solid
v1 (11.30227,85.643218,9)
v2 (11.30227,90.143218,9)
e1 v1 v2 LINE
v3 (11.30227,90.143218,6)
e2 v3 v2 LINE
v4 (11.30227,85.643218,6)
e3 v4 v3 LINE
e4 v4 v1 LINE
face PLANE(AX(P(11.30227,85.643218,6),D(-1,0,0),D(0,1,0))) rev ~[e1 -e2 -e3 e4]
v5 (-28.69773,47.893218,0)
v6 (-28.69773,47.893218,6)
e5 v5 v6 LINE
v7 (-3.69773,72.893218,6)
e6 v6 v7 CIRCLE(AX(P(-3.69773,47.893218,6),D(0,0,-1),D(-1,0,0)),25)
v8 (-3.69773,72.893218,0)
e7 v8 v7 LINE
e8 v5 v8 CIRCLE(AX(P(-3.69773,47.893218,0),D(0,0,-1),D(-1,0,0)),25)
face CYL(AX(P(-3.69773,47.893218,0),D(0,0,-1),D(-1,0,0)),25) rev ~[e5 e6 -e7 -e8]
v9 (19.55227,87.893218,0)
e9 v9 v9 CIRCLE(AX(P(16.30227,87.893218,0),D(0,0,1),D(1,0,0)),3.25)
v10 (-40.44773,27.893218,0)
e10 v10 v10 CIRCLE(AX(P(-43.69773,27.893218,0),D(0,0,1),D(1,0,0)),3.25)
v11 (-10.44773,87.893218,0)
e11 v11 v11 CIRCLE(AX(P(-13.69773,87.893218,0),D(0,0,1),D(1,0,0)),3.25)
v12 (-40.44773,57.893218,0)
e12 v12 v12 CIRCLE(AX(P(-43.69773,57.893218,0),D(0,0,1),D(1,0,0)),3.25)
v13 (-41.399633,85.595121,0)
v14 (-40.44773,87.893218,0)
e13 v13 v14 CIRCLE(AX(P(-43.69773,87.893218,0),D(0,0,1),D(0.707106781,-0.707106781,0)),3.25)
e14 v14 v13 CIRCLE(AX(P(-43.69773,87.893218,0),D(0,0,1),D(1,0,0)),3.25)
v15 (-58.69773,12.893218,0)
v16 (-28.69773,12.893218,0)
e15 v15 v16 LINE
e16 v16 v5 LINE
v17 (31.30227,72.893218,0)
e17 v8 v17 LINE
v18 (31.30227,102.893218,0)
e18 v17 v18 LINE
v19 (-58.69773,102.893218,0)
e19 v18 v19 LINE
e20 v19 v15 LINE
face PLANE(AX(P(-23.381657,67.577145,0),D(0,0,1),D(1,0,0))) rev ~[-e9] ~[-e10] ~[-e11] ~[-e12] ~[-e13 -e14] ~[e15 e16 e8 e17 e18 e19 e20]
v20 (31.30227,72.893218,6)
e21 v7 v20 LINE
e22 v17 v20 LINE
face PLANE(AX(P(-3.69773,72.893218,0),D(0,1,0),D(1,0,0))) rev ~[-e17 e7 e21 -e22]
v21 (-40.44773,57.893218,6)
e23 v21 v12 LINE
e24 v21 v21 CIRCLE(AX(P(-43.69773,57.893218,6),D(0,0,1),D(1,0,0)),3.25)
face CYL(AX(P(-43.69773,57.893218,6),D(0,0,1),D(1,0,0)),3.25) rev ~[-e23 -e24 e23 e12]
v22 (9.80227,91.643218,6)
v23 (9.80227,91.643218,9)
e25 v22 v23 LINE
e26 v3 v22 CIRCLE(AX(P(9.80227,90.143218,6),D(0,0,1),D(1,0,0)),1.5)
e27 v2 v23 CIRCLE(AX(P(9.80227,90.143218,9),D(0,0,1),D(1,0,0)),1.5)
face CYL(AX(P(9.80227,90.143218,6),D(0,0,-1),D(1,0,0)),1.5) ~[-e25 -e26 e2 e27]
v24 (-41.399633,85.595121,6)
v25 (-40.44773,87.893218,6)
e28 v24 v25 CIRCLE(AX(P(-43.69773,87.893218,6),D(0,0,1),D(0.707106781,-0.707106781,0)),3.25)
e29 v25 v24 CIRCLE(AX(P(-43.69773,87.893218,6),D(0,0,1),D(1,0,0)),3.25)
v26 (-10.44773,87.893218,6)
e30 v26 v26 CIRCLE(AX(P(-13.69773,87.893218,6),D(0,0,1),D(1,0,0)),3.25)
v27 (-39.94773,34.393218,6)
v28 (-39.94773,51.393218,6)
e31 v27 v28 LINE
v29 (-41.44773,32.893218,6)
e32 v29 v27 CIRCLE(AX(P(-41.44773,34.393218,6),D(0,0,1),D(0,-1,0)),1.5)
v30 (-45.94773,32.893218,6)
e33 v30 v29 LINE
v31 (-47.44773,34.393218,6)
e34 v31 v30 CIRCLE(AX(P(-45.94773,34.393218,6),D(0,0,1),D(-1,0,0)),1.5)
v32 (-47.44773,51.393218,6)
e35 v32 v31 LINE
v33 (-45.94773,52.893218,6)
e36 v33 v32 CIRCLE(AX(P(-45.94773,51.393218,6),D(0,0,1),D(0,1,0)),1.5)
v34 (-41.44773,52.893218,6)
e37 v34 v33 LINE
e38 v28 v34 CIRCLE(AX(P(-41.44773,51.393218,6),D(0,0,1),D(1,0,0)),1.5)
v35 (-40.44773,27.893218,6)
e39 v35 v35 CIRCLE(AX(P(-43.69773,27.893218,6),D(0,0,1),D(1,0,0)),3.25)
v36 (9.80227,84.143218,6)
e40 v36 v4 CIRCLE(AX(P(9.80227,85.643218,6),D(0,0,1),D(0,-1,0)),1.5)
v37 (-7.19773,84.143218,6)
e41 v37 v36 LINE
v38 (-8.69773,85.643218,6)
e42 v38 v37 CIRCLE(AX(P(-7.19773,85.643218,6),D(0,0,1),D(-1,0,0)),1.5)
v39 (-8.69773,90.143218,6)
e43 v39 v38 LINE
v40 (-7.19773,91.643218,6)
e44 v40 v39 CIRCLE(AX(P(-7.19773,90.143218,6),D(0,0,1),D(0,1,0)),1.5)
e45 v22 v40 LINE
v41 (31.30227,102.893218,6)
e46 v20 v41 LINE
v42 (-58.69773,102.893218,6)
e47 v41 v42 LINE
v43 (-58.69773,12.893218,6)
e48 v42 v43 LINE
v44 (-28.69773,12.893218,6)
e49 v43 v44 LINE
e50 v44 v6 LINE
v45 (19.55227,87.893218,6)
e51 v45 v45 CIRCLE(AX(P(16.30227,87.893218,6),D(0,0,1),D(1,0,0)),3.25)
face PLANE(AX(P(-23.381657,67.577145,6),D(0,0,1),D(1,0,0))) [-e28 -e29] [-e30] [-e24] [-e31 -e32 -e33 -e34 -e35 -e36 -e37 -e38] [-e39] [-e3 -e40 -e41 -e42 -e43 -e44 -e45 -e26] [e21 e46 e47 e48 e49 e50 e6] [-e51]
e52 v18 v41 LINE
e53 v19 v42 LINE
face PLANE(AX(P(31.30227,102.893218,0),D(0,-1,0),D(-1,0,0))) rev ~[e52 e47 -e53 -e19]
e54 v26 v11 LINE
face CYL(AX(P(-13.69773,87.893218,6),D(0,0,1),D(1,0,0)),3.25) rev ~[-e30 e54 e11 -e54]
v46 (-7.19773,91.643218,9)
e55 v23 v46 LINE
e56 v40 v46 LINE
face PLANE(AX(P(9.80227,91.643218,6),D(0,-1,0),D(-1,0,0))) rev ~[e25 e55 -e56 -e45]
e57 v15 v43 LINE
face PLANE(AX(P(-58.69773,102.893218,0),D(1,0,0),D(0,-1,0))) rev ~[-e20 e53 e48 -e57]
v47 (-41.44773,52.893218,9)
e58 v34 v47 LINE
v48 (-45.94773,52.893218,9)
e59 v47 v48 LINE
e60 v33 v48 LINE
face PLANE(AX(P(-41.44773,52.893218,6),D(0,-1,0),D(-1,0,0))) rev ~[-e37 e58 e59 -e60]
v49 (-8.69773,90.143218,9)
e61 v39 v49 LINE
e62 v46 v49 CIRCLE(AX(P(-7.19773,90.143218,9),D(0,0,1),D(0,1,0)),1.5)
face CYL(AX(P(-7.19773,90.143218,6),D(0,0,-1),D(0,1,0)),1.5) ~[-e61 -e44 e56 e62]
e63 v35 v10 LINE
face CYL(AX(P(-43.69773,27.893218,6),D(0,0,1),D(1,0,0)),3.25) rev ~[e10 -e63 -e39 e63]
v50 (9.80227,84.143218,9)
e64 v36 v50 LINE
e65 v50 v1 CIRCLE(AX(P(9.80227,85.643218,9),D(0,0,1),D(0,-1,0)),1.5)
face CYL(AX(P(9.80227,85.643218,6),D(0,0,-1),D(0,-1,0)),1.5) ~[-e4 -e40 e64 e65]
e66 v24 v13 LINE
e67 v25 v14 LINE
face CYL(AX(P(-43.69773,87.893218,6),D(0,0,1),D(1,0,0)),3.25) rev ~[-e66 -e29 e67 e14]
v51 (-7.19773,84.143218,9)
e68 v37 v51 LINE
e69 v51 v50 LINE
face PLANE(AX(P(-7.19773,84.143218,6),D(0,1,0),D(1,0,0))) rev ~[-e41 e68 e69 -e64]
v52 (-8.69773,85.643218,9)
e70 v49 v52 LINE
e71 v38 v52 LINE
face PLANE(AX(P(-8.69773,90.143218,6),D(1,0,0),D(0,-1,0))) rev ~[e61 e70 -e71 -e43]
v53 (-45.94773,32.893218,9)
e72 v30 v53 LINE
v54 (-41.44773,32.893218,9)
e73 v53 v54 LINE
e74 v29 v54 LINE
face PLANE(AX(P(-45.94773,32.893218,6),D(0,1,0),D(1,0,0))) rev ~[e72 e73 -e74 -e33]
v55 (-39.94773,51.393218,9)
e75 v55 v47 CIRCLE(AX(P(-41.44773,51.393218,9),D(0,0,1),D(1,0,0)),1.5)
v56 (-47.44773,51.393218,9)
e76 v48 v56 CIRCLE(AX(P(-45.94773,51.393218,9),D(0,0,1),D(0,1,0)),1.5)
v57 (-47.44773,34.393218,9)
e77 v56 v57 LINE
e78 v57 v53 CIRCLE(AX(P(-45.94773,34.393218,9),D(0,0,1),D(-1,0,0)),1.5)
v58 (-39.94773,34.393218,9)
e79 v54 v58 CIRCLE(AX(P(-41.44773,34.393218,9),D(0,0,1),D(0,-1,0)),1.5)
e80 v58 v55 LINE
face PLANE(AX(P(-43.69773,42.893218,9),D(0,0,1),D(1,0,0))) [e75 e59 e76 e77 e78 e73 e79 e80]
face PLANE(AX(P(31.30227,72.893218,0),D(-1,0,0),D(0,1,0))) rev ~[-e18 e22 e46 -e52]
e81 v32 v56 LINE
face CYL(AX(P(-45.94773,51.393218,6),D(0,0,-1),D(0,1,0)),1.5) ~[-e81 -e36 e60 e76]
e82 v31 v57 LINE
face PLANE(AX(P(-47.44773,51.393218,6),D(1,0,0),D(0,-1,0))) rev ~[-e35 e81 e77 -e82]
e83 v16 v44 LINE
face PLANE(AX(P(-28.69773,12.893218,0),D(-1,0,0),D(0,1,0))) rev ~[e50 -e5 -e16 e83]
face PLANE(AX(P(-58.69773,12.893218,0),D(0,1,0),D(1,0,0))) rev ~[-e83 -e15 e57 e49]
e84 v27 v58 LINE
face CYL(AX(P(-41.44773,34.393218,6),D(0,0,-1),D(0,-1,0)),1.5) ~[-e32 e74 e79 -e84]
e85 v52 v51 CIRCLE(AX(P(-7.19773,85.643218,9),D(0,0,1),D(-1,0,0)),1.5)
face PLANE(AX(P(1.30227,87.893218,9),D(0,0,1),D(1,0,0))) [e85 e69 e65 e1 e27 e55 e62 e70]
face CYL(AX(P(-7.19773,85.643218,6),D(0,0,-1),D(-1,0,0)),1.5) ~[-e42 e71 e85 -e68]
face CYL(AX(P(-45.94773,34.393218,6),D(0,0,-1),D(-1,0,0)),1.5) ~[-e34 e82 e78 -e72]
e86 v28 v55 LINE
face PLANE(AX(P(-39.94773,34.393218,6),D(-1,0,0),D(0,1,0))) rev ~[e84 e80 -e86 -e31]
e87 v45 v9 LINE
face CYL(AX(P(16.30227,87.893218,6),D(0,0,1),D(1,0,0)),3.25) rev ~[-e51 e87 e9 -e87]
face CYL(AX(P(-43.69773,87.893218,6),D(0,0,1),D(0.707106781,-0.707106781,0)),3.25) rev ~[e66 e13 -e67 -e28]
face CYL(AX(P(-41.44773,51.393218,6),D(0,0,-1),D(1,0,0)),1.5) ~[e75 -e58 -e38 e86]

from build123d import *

# Parameters (mm, degrees)
F1_DEPTH = 6
F2_R     = 3.25
F3_DEPTH = 8
F5_DEPTH = 3


with BuildPart() as f1:
    # F0 (on Top) → F1 (new body)
    with BuildSketch(Plane.XY):
        with BuildLine():
            Line((-28.6977304518, 102.8932180628), (-58.6977304518, 102.8932180628))
            Line((-58.6977304518, 102.8932180628), (-58.6977304518, 72.8932180628))
            Line((-58.6977304518, 72.8932180628), (-58.6977304518, 12.8932180628))
            Line((-58.6977304518, 12.8932180628), (-28.6977304518, 12.8932180628))
            Line((-28.6977304518, 12.8932180628), (-28.6977304518, 47.8932180628))
            ThreePointArc((-28.6977304518, 47.8932180628), (-21.3753999815, 65.5708875925), (-3.6977304518, 72.8932180628))
            Line((-3.6977304518, 72.8932180628), (31.3022695482, 72.8932180628))
            Line((31.3022695482, 72.8932180628), (31.3022695482, 102.8932180628))
            Line((31.3022695482, 102.8932180628), (-28.6977304518, 102.8932180628))
        make_face()
    extrude(amount=F1_DEPTH)

    # F2 (on face) → F3 (cut)
    with BuildSketch(Plane.XY.offset(6)):
        with Locations((-13.6977304518, 87.8932180628)):
            Circle(F2_R)
        with Locations((16.3022695482, 87.8932180628)):
            Circle(F2_R)
        with Locations((-43.6977304518, 57.8932180628)):
            Circle(F2_R)
        with Locations((-43.6977304518, 27.8932180628)):
            Circle(F2_R)
        with BuildLine():
            Line((-45.9958274907, 90.1913151017), (-41.399633413, 85.595121024))
            ThreePointArc((-41.399633413, 85.595121024), (-40.6951219712, 86.6494969076), (-40.4477304518, 87.8932180628))
            ThreePointArc((-40.4477304518, 87.8932180628), (-42.4540092966, 90.8958265435), (-45.9958274907, 90.1913151017))
        make_face()
        with BuildLine():
            ThreePointArc((-45.9958274907, 90.1913151017), (-45.9958274907, 85.595121024), (-41.399633413, 85.595121024))
            Line((-41.399633413, 85.595121024), (-45.9958274907, 90.1913151017))
        make_face()
    extrude(amount=-F3_DEPTH, mode=Mode.SUBTRACT)

    # F4 (on face) → F5 (join)
    with BuildSketch(Plane.XY.offset(6)):
        with BuildLine():
            Line((9.8022695482, 91.6432180628), (-7.1977304518, 91.6432180628))
            ThreePointArc((-7.1977304518, 91.6432180628), (-8.2583906236, 91.2038782346), (-8.6977304518, 90.1432180628))
            Line((-8.6977304518, 90.1432180628), (-8.6977304518, 85.6432180628))
            ThreePointArc((-8.6977304518, 85.6432180628), (-8.2583906236, 84.582557891), (-7.1977304518, 84.1432180628))
            Line((-7.1977304518, 84.1432180628), (9.8022695482, 84.1432180628))
            ThreePointArc((9.8022695482, 84.1432180628), (10.86292972, 84.582557891), (11.3022695482, 85.6432180628))
            Line((11.3022695482, 85.6432180628), (11.3022695482, 90.1432180628))
            ThreePointArc((11.3022695482, 90.1432180628), (10.86292972, 91.2038782346), (9.8022695482, 91.6432180628))
        make_face()
        with BuildLine():
            Line((-41.4477304518, 52.8932180628), (-45.9477304518, 52.8932180628))
            ThreePointArc((-45.9477304518, 52.8932180628), (-47.0083906236, 52.4538782346), (-47.4477304518, 51.3932180628))
            Line((-47.4477304518, 51.3932180628), (-47.4477304518, 34.3932180628))
            ThreePointArc((-47.4477304518, 34.3932180628), (-47.0083906236, 33.332557891), (-45.9477304518, 32.8932180628))
            Line((-45.9477304518, 32.8932180628), (-41.4477304518, 32.8932180628))
            ThreePointArc((-41.4477304518, 32.8932180628), (-40.38707028, 33.332557891), (-39.9477304518, 34.3932180628))
            Line((-39.9477304518, 34.3932180628), (-39.9477304518, 51.3932180628))
            ThreePointArc((-39.9477304518, 51.3932180628), (-40.38707028, 52.4538782346), (-41.4477304518, 52.8932180628))
        make_face()
    extrude(amount=F5_DEPTH)


solid = f1.part
